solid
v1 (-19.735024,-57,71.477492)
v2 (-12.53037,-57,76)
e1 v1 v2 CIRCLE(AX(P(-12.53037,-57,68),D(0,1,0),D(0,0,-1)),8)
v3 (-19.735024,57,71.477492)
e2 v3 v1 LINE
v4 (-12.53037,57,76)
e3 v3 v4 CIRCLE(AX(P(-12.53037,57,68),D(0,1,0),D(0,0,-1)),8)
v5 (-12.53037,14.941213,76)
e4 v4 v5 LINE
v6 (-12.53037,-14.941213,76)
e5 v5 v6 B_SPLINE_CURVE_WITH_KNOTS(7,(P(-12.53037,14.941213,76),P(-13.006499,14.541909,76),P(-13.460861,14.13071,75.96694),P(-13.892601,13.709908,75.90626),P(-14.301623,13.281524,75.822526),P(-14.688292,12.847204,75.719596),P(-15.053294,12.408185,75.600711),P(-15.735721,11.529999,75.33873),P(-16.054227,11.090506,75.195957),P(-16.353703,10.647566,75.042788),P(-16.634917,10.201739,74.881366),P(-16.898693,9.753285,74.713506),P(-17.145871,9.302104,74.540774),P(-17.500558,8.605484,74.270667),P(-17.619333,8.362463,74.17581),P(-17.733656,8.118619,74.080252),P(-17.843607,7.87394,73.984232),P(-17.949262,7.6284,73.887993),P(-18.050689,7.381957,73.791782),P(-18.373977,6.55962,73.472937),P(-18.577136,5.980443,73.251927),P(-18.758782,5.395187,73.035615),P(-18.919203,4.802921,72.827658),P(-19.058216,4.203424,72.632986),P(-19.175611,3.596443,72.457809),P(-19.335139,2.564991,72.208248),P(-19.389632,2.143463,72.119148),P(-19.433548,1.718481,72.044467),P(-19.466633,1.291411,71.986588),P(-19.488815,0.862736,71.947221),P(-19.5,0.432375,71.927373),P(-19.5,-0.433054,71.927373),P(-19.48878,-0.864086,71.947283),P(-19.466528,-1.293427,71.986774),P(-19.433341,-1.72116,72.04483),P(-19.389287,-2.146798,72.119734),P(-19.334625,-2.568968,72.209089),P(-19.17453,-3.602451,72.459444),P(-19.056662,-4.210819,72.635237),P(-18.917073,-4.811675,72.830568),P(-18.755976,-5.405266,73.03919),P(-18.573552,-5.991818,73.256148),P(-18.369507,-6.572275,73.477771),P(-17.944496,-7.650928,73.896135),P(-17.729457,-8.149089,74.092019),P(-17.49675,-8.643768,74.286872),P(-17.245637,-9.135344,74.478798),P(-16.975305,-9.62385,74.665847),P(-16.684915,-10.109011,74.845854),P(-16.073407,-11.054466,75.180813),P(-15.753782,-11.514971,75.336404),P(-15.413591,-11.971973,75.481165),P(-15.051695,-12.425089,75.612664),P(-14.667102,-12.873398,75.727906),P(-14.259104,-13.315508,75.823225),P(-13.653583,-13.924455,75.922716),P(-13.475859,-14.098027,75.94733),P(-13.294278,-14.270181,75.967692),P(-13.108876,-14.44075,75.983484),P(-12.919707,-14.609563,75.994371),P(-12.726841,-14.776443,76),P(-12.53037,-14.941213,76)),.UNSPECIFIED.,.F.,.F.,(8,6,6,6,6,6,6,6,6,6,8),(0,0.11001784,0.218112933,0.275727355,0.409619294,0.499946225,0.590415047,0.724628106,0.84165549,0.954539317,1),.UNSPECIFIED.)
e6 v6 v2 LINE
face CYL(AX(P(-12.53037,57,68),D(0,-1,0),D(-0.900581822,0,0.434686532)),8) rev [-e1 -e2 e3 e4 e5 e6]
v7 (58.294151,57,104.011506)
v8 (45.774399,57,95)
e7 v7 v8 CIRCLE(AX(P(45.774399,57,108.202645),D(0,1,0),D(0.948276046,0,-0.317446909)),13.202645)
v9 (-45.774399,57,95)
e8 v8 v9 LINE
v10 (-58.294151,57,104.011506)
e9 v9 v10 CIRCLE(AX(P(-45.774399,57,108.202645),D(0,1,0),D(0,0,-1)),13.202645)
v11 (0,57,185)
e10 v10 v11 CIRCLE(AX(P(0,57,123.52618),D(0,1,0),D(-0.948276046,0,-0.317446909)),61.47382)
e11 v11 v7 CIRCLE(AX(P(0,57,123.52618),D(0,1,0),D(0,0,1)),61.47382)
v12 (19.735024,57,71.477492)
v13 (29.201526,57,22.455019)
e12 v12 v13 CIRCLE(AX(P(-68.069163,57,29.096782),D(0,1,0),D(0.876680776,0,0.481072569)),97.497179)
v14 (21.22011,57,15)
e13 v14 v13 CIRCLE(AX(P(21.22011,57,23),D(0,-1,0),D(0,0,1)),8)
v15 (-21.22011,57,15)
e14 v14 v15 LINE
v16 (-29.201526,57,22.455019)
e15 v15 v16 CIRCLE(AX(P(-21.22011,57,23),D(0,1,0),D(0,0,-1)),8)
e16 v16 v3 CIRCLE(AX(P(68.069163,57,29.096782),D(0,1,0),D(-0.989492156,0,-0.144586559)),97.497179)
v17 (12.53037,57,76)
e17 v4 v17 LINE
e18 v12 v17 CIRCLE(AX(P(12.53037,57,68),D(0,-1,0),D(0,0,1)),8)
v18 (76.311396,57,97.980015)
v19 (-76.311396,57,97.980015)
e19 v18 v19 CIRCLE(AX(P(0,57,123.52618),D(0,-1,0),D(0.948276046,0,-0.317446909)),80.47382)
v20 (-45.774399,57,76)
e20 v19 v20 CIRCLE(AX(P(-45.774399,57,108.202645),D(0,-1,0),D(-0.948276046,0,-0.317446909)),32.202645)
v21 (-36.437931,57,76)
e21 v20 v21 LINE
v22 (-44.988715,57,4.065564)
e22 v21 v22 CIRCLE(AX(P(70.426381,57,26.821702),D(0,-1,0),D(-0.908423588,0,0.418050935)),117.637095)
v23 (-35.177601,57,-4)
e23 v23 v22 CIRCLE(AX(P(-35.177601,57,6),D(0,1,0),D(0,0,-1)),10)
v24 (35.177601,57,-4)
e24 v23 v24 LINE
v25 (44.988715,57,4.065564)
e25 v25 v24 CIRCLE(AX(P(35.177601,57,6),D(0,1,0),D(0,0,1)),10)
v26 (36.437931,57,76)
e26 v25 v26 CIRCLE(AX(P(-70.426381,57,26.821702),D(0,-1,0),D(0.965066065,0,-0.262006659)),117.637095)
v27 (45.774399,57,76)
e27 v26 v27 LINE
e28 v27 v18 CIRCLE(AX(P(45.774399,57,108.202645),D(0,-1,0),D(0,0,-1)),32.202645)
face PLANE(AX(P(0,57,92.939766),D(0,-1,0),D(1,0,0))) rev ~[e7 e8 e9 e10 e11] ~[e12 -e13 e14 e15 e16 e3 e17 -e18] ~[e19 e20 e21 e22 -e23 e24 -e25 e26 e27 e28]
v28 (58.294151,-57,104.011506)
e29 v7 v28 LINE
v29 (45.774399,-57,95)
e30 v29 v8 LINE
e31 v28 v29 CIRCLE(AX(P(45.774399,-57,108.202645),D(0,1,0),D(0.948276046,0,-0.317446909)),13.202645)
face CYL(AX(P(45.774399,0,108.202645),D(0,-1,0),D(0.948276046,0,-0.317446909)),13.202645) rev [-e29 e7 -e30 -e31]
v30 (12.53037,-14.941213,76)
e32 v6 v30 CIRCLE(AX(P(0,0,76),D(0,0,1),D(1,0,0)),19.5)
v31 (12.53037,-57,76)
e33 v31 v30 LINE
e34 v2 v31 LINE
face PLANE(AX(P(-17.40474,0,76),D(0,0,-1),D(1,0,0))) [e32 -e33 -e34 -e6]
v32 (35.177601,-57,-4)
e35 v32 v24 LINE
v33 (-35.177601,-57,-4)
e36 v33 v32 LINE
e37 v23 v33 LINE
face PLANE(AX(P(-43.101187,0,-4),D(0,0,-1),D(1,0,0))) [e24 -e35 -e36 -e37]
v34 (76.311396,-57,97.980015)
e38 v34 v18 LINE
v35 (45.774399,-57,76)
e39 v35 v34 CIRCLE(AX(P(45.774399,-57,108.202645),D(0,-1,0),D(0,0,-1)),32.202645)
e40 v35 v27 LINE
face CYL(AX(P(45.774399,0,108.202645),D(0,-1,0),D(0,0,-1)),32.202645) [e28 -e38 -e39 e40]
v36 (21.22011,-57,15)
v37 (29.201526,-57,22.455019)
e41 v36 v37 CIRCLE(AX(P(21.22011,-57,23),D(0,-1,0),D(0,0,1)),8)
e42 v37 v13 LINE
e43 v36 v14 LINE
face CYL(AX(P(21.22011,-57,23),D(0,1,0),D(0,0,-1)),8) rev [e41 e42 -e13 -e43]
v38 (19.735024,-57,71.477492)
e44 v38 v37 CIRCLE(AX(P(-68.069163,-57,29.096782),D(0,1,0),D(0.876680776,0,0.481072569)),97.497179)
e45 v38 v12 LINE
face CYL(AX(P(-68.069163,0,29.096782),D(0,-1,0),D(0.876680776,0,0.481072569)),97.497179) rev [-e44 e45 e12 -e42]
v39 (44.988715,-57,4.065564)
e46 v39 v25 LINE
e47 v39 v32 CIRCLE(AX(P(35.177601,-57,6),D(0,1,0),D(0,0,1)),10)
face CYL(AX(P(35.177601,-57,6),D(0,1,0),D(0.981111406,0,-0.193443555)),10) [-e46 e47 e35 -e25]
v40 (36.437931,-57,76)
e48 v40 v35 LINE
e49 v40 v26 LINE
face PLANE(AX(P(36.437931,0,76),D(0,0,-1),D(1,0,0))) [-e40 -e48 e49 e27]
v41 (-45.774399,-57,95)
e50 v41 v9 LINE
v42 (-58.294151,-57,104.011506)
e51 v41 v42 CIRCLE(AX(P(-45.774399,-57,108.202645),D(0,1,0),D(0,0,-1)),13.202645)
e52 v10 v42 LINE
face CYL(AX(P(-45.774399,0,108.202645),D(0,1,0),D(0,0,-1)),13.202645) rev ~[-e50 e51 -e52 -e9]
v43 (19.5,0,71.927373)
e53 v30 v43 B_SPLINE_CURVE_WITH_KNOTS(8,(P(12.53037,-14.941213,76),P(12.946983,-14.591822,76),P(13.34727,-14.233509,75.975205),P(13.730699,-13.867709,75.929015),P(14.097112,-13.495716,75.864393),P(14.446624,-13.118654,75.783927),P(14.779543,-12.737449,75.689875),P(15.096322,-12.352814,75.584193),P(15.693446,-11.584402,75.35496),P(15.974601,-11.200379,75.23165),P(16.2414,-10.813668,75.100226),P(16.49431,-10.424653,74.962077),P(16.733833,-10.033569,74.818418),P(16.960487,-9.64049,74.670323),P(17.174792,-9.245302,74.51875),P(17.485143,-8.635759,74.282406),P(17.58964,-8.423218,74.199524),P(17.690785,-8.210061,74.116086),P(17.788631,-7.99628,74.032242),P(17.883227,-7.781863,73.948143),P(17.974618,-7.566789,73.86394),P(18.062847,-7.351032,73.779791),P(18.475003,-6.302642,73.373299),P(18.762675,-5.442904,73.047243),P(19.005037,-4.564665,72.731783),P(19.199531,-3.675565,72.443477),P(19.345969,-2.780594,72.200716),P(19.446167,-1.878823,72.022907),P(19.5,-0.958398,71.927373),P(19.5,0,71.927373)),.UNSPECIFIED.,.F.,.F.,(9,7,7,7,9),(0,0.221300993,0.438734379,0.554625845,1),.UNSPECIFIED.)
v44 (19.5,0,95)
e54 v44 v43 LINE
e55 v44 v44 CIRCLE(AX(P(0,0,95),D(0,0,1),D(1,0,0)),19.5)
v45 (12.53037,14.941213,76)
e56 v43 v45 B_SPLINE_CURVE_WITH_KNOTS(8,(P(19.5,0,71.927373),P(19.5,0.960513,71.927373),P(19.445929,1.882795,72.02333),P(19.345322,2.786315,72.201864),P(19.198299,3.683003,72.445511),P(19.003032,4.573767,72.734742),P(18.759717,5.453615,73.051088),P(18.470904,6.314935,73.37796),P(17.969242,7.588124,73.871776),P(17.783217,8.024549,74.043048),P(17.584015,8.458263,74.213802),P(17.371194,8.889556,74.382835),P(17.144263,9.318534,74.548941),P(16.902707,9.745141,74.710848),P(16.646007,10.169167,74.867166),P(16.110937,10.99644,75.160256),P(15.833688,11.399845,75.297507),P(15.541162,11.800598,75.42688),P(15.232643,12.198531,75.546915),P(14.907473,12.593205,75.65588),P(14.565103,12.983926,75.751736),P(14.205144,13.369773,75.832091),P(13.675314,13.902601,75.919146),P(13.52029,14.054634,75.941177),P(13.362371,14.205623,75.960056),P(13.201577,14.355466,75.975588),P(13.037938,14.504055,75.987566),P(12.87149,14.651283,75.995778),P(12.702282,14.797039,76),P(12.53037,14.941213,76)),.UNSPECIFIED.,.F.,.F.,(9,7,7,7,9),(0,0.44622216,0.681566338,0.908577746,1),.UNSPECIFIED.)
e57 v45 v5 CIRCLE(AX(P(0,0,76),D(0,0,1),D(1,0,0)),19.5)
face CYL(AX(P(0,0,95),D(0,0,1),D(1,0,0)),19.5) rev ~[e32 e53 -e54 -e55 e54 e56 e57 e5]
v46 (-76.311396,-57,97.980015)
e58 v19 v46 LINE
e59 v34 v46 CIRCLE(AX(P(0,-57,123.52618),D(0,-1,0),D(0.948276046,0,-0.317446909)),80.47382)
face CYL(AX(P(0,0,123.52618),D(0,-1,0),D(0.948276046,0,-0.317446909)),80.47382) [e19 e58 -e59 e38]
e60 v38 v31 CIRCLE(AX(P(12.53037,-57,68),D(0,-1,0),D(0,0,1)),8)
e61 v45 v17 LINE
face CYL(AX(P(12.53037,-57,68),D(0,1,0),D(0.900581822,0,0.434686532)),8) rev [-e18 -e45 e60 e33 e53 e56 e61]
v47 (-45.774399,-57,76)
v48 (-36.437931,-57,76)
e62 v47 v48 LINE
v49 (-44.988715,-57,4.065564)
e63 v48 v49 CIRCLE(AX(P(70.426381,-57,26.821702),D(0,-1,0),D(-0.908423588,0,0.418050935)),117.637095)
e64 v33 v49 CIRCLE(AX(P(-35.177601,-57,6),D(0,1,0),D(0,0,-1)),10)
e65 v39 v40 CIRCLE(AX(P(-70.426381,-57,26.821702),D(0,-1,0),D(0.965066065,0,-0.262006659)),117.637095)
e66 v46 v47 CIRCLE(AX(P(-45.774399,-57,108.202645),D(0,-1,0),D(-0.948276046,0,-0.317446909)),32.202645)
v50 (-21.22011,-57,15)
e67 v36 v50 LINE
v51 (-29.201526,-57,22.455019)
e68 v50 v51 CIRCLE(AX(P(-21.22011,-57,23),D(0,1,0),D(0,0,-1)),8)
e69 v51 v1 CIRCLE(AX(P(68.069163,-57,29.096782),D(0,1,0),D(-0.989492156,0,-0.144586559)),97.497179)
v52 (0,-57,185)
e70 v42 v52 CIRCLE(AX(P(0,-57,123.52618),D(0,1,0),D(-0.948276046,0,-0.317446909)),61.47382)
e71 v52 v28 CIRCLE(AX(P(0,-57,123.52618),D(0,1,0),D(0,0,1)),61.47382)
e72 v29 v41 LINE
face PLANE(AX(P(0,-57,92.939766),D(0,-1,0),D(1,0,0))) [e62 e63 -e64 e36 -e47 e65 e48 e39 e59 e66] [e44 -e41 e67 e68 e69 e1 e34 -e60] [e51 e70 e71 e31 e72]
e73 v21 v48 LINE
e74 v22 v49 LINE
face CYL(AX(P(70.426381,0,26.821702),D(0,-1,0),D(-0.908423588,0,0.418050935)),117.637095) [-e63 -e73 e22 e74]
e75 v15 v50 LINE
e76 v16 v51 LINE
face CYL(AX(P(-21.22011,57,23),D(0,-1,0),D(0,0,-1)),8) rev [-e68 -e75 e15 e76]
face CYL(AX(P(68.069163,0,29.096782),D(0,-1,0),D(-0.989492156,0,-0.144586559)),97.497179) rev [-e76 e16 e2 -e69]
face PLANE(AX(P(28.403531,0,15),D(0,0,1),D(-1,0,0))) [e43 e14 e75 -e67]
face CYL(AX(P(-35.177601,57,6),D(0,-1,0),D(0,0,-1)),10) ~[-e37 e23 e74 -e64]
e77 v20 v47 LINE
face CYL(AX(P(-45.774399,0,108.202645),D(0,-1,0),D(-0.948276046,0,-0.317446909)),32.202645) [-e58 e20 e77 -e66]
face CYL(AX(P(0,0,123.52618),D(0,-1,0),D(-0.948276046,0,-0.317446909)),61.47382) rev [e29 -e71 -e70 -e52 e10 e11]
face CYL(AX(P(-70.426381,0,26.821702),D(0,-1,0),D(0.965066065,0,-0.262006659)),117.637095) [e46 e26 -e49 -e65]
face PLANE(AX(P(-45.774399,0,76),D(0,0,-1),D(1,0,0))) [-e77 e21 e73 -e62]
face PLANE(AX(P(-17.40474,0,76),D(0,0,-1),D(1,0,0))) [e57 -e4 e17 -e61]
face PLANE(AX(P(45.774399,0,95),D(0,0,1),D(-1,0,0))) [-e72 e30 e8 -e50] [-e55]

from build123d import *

# Parameters (mm, degrees)
F1_DEPTH = 57
F2_R     = 10
F3_R     = 8
F4_R     = 19.5
F5_DEPTH = 23.0736274766


with BuildPart() as f1:
    # F0 (on Front) → F1 (new body, symmetric)
    with BuildSketch(Plane.XZ):
        with BuildLine():
            ThreePointArc((76.3113958567, 97.9800145677), (65.3139848131, 170.5380837413), (0, 204))
            ThreePointArc((0, 204), (-65.3139848131, 170.5380837413), (-76.3113958567, 97.9800145677))
            ThreePointArc((-76.3113958567, 97.9800145677), (-64.5868234444, 82.0664049994), (-45.774399408, 76))
            Line((-45.774399408, 76), (-36.437930815, 76))
            ThreePointArc((-36.437930815, 76), (-46.804780385, 36.5859685512), (-43.1011872895, -4))
            Line((-43.1011872895, -4), (43.1011872895, -4))
            ThreePointArc((43.1011872895, -4), (46.804780385, 36.5859685512), (36.437930815, 76))
            Line((36.437930815, 76), (45.774399408, 76))
            ThreePointArc((45.774399408, 76), (64.5868234444, 82.0664049994), (76.3113958567, 97.9800145677))
        make_face()
        with BuildLine():
            ThreePointArc((-28.4035311639, 15), (-27.8807773056, 46.3973285977), (-17.4047398621, 76))
            Line((-17.4047398621, 76), (17.4047398621, 76))
            ThreePointArc((17.4047398621, 76), (27.8807773056, 46.3973285977), (28.4035311639, 15))
            Line((28.4035311639, 15), (-28.4035311639, 15))
        make_face(mode=Mode.SUBTRACT)
        with BuildLine():
            ThreePointArc((-45.774399408, 95), (-53.4872363848, 97.4871432148), (-58.2941509783, 104.0115058422))
            ThreePointArc((-58.2941509783, 104.0115058422), (-49.8932465977, 159.4384966818), (0, 185))
            ThreePointArc((0, 185), (49.8932465977, 159.4384966818), (58.2941509783, 104.0115058422))
            ThreePointArc((58.2941509783, 104.0115058422), (53.4872363848, 97.4871432148), (45.774399408, 95))
            Line((45.774399408, 95), (-45.774399408, 95))
        make_face(mode=Mode.SUBTRACT)
    extrude(amount=F1_DEPTH, both=True)

    # F2
    f2_edges = [f1.edges().sort_by_distance(p)[0] for p in [
        (-43.101187, 0, -4),
        (43.101187, 0, -4),
    ]]
    fillet(f2_edges, radius=F2_R)

    # F3
    f3_edges = [f1.edges().sort_by_distance(p)[0] for p in [
        (-17.40474, 0, 76),
        (17.40474, 0, 76),
        (28.403531, 0, 15),
        (35.177601, 0, -4),
        (-28.403531, 0, 15),
    ]]
    fillet(f3_edges, radius=F3_R)

    # F4 (on face) → F5 (cut, through all)
    with BuildSketch(Plane.XY.offset(95)):
        Circle(F4_R)
    extrude(amount=-F5_DEPTH, mode=Mode.SUBTRACT)


solid = f1.part
